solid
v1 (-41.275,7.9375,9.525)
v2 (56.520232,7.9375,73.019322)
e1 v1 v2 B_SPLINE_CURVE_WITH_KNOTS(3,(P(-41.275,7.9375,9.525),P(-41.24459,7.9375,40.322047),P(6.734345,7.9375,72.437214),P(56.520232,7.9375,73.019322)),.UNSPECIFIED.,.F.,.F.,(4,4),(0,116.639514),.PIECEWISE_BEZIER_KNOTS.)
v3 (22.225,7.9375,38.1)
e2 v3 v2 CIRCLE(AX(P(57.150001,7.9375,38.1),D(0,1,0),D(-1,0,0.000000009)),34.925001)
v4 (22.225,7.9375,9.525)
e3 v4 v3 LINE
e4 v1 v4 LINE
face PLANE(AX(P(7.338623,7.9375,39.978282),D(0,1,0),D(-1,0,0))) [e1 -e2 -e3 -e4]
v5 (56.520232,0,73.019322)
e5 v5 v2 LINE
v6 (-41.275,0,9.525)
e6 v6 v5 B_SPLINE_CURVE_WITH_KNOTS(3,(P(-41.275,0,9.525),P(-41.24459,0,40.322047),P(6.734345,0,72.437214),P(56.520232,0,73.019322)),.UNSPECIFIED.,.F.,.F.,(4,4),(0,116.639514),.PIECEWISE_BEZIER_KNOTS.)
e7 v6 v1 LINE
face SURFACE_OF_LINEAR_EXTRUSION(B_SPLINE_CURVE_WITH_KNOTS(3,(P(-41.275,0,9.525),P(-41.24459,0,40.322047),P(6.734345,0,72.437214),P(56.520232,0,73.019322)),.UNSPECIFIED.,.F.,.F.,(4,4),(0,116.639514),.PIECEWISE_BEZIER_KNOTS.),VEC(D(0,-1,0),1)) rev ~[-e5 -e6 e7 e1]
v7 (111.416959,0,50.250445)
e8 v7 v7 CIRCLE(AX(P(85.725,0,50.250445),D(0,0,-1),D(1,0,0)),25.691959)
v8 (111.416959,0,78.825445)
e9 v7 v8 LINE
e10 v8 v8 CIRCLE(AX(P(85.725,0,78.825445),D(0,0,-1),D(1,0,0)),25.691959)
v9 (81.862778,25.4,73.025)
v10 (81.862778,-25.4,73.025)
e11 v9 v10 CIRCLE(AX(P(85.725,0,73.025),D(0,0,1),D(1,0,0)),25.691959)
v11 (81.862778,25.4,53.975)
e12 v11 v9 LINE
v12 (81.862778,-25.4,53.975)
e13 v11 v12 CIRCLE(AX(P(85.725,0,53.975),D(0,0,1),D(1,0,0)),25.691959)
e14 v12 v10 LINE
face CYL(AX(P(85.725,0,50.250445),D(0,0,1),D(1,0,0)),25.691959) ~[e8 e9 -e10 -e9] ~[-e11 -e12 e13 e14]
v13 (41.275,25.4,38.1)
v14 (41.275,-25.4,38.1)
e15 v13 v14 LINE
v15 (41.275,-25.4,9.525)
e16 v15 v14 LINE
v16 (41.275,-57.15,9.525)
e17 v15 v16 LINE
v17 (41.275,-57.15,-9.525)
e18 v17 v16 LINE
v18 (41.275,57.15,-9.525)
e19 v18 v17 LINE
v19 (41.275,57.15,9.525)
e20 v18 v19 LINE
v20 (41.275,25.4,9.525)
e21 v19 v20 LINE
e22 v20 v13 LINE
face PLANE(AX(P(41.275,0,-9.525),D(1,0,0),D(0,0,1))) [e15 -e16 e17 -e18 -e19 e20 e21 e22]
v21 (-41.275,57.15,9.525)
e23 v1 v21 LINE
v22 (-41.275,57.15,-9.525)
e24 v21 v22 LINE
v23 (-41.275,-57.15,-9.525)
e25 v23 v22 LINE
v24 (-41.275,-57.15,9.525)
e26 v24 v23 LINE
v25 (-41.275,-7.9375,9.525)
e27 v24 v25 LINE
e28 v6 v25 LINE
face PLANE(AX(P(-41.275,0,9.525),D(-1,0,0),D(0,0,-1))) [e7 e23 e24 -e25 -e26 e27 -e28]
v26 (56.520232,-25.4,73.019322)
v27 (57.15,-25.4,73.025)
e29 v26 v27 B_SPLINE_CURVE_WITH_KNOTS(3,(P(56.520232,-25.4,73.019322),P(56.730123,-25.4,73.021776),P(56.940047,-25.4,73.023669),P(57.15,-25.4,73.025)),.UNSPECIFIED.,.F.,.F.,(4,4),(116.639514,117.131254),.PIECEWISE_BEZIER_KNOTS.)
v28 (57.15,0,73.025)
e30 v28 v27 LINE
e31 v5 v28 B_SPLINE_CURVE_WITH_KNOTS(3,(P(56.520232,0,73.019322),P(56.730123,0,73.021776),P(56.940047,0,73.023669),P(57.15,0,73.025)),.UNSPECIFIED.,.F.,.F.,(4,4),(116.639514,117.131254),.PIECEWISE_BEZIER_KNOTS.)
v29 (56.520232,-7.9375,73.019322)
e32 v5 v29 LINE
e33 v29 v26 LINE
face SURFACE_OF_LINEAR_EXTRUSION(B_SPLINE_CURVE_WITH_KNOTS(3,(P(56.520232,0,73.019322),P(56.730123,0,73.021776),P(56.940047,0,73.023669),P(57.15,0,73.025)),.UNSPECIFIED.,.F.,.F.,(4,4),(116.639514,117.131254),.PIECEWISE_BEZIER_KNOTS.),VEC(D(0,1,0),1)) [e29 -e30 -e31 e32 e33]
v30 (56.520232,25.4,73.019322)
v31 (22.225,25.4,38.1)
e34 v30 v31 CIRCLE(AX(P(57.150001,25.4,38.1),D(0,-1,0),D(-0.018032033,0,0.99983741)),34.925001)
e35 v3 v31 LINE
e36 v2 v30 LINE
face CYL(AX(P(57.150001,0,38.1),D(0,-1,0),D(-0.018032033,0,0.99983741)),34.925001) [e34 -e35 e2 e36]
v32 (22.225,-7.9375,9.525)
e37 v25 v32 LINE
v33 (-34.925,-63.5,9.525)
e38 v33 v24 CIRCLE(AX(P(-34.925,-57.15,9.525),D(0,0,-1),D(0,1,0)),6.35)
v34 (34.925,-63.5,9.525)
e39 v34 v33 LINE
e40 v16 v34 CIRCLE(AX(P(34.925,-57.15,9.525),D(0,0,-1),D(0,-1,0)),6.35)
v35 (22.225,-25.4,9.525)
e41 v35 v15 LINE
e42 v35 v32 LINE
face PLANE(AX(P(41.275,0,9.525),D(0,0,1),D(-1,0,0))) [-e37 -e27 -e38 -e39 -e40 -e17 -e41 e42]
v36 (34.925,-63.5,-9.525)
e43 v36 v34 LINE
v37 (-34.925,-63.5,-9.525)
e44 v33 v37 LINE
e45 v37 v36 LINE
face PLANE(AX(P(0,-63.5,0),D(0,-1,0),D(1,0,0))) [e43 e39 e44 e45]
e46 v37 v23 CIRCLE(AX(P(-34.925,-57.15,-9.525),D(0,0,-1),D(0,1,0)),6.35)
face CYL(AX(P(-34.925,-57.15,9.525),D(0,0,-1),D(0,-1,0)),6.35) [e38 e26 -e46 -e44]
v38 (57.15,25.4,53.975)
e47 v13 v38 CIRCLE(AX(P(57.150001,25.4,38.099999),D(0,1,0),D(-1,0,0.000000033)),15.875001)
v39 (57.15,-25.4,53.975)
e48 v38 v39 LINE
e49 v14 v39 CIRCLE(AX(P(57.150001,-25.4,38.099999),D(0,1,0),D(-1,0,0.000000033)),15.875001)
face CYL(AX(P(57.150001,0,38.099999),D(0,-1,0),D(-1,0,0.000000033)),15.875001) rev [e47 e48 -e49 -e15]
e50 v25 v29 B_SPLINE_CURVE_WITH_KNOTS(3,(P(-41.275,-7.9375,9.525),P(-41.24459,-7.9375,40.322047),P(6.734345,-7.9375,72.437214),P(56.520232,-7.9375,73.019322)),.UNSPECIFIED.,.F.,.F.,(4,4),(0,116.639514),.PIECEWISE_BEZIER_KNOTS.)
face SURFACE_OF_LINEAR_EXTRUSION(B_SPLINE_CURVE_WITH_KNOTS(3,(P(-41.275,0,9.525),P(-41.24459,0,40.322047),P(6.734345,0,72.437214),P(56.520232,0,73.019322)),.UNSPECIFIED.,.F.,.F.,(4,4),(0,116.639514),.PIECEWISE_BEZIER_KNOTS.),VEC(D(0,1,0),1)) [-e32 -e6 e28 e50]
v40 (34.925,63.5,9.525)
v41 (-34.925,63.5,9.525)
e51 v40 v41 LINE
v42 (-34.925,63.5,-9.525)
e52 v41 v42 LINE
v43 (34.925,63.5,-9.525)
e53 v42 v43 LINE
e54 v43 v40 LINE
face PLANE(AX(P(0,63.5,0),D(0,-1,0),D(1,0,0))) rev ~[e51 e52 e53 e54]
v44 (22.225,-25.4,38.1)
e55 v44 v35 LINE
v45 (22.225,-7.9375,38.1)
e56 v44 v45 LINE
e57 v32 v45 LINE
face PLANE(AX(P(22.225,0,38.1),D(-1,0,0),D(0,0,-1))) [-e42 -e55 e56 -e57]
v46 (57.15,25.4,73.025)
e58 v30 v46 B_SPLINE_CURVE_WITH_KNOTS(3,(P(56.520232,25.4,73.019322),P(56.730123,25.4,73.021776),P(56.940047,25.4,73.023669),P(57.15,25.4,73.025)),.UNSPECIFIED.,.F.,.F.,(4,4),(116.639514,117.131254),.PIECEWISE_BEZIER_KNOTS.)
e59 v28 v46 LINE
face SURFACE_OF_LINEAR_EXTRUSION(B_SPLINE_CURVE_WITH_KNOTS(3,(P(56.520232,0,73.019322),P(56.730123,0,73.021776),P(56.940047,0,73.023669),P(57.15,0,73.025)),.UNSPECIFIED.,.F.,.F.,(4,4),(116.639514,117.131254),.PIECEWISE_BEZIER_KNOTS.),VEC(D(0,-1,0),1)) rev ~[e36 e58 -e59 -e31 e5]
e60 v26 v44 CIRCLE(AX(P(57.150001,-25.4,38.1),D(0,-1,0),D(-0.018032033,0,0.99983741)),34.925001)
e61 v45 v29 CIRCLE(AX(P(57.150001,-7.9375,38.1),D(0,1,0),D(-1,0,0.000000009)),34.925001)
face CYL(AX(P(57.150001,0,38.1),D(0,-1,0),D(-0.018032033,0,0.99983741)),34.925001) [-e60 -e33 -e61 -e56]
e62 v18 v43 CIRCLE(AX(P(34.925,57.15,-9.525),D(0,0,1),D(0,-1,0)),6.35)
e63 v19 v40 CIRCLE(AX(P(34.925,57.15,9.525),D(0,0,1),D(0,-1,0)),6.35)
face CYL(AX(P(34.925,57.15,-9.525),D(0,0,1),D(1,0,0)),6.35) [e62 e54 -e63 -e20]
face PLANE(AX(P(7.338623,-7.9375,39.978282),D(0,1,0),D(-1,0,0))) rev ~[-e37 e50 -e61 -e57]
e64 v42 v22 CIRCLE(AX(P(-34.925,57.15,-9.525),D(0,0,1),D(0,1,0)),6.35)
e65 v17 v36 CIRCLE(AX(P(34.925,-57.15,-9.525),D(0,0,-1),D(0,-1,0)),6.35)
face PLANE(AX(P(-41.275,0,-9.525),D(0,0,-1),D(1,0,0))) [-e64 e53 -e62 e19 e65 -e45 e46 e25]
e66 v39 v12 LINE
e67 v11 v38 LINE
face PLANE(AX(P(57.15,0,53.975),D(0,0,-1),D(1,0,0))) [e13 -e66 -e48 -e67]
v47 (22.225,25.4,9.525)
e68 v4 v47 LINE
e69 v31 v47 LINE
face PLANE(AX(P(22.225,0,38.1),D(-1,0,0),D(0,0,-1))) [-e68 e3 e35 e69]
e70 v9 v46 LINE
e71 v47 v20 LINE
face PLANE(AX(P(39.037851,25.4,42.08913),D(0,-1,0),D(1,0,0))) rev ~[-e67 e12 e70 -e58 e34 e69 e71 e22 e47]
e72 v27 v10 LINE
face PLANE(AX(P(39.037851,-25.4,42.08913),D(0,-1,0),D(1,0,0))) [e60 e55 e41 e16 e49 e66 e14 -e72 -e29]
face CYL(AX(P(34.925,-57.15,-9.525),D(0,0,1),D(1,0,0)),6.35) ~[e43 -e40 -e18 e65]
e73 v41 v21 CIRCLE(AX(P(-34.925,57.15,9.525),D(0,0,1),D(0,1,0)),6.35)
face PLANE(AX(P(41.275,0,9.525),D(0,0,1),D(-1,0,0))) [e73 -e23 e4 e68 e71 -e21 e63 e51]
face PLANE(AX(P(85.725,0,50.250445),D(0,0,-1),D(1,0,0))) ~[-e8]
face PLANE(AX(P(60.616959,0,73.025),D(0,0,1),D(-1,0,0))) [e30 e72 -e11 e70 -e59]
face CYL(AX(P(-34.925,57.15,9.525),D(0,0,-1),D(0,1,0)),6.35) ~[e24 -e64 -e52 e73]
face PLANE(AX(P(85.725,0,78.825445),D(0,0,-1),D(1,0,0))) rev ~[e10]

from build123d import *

# Parameters (mm, degrees)
F1_DEPTH = 63.5
F2_DEPTH = 25.4
F3_DEPTH = 7.9375
F0_W     = 25.108041
F0_H     = 19.05
F4_DEPTH = 25.4
F6_R     = 6.35


with BuildPart() as f1:
    # F0 (on Front) → F1 (new body, symmetric)
    with BuildSketch(Plane.XZ):
        Polygon((-41.275, -9.525), (41.275, -9.525), (41.275, 9.525), (22.225, 9.525), (-41.275, 9.525), align=None)
    extrude(amount=F1_DEPTH, both=True)

    # F0 (on Front) → F2 (join, symmetric)
    with BuildSketch(Plane.XZ):
        with BuildLine():
            Line((22.225, 9.525), (41.275, 9.525))
            Line((41.275, 9.525), (41.275, 38.1))
            ThreePointArc((41.275, 38.1), (45.92468, 49.32532), (57.15, 53.975))
            Line((57.15, 53.975), (60.616959, 53.975))
            Line((60.616959, 53.975), (60.616959, 73.025))
            Line((60.616959, 73.025), (57.15, 73.025))
            add(Edge.make_bspline(
                [(56.520232, 73.019322), (56.730123, 73.021776), (56.940047, 73.023669), (57.15, 73.025)],
                knots=[116.639514, 116.639514, 116.639514, 116.639514, 117.131254, 117.131254, 117.131254, 117.131254], degree=3))
            ThreePointArc((56.520232, 73.019322), (32.232634, 62.572035), (22.225, 38.1))
            Line((22.225, 38.1), (22.225, 9.525))
        make_face()
    extrude(amount=F2_DEPTH, both=True)

    # F0 (on Front) → F3 (join, symmetric)
    with BuildSketch(Plane.XZ):
        with BuildLine():
            add(Edge.make_bspline(
                [(-41.275, 9.525), (-41.24459, 40.322047), (6.734345, 72.437214), (56.520232, 73.019322)],
                knots=[0, 0, 0, 0, 116.639514, 116.639514, 116.639514, 116.639514], degree=3))
            Line((-41.275, 9.525), (22.225, 9.525))
            Line((22.225, 9.525), (22.225, 38.1))
            ThreePointArc((22.225, 38.1), (32.232634, 62.572035), (56.520232, 73.019322))
        make_face()
    extrude(amount=F3_DEPTH, both=True)

    # F0 (on Front) → F4 (join, symmetric)
    with BuildSketch(Plane.XZ):
        with Locations((73.170979, 63.5)):
            Rectangle(F0_W, F0_H)
    extrude(amount=F4_DEPTH, both=True)

    # F0 (on Front) → F5 (revolve)
    with BuildSketch(Plane.XZ):
        Polygon((85.725, 73.025), (85.725, 53.975), (85.725, 50.250445), (111.416959, 50.250445), (111.416959, 78.825445), (85.725, 78.825445), align=None)
    revolve(axis=Axis((85.725, 0, 64.537945), (0, 0, -1)))

    # F6
    f6_edges = [f1.edges().sort_by_distance(p)[0] for p in [
        (-41.275, -63.5, 0),
        (41.275, -63.5, 0),
        (41.275, 63.5, 0),
        (-41.275, 63.5, 0),
    ]]
    fillet(f6_edges, radius=F6_R)


solid = f1.part
